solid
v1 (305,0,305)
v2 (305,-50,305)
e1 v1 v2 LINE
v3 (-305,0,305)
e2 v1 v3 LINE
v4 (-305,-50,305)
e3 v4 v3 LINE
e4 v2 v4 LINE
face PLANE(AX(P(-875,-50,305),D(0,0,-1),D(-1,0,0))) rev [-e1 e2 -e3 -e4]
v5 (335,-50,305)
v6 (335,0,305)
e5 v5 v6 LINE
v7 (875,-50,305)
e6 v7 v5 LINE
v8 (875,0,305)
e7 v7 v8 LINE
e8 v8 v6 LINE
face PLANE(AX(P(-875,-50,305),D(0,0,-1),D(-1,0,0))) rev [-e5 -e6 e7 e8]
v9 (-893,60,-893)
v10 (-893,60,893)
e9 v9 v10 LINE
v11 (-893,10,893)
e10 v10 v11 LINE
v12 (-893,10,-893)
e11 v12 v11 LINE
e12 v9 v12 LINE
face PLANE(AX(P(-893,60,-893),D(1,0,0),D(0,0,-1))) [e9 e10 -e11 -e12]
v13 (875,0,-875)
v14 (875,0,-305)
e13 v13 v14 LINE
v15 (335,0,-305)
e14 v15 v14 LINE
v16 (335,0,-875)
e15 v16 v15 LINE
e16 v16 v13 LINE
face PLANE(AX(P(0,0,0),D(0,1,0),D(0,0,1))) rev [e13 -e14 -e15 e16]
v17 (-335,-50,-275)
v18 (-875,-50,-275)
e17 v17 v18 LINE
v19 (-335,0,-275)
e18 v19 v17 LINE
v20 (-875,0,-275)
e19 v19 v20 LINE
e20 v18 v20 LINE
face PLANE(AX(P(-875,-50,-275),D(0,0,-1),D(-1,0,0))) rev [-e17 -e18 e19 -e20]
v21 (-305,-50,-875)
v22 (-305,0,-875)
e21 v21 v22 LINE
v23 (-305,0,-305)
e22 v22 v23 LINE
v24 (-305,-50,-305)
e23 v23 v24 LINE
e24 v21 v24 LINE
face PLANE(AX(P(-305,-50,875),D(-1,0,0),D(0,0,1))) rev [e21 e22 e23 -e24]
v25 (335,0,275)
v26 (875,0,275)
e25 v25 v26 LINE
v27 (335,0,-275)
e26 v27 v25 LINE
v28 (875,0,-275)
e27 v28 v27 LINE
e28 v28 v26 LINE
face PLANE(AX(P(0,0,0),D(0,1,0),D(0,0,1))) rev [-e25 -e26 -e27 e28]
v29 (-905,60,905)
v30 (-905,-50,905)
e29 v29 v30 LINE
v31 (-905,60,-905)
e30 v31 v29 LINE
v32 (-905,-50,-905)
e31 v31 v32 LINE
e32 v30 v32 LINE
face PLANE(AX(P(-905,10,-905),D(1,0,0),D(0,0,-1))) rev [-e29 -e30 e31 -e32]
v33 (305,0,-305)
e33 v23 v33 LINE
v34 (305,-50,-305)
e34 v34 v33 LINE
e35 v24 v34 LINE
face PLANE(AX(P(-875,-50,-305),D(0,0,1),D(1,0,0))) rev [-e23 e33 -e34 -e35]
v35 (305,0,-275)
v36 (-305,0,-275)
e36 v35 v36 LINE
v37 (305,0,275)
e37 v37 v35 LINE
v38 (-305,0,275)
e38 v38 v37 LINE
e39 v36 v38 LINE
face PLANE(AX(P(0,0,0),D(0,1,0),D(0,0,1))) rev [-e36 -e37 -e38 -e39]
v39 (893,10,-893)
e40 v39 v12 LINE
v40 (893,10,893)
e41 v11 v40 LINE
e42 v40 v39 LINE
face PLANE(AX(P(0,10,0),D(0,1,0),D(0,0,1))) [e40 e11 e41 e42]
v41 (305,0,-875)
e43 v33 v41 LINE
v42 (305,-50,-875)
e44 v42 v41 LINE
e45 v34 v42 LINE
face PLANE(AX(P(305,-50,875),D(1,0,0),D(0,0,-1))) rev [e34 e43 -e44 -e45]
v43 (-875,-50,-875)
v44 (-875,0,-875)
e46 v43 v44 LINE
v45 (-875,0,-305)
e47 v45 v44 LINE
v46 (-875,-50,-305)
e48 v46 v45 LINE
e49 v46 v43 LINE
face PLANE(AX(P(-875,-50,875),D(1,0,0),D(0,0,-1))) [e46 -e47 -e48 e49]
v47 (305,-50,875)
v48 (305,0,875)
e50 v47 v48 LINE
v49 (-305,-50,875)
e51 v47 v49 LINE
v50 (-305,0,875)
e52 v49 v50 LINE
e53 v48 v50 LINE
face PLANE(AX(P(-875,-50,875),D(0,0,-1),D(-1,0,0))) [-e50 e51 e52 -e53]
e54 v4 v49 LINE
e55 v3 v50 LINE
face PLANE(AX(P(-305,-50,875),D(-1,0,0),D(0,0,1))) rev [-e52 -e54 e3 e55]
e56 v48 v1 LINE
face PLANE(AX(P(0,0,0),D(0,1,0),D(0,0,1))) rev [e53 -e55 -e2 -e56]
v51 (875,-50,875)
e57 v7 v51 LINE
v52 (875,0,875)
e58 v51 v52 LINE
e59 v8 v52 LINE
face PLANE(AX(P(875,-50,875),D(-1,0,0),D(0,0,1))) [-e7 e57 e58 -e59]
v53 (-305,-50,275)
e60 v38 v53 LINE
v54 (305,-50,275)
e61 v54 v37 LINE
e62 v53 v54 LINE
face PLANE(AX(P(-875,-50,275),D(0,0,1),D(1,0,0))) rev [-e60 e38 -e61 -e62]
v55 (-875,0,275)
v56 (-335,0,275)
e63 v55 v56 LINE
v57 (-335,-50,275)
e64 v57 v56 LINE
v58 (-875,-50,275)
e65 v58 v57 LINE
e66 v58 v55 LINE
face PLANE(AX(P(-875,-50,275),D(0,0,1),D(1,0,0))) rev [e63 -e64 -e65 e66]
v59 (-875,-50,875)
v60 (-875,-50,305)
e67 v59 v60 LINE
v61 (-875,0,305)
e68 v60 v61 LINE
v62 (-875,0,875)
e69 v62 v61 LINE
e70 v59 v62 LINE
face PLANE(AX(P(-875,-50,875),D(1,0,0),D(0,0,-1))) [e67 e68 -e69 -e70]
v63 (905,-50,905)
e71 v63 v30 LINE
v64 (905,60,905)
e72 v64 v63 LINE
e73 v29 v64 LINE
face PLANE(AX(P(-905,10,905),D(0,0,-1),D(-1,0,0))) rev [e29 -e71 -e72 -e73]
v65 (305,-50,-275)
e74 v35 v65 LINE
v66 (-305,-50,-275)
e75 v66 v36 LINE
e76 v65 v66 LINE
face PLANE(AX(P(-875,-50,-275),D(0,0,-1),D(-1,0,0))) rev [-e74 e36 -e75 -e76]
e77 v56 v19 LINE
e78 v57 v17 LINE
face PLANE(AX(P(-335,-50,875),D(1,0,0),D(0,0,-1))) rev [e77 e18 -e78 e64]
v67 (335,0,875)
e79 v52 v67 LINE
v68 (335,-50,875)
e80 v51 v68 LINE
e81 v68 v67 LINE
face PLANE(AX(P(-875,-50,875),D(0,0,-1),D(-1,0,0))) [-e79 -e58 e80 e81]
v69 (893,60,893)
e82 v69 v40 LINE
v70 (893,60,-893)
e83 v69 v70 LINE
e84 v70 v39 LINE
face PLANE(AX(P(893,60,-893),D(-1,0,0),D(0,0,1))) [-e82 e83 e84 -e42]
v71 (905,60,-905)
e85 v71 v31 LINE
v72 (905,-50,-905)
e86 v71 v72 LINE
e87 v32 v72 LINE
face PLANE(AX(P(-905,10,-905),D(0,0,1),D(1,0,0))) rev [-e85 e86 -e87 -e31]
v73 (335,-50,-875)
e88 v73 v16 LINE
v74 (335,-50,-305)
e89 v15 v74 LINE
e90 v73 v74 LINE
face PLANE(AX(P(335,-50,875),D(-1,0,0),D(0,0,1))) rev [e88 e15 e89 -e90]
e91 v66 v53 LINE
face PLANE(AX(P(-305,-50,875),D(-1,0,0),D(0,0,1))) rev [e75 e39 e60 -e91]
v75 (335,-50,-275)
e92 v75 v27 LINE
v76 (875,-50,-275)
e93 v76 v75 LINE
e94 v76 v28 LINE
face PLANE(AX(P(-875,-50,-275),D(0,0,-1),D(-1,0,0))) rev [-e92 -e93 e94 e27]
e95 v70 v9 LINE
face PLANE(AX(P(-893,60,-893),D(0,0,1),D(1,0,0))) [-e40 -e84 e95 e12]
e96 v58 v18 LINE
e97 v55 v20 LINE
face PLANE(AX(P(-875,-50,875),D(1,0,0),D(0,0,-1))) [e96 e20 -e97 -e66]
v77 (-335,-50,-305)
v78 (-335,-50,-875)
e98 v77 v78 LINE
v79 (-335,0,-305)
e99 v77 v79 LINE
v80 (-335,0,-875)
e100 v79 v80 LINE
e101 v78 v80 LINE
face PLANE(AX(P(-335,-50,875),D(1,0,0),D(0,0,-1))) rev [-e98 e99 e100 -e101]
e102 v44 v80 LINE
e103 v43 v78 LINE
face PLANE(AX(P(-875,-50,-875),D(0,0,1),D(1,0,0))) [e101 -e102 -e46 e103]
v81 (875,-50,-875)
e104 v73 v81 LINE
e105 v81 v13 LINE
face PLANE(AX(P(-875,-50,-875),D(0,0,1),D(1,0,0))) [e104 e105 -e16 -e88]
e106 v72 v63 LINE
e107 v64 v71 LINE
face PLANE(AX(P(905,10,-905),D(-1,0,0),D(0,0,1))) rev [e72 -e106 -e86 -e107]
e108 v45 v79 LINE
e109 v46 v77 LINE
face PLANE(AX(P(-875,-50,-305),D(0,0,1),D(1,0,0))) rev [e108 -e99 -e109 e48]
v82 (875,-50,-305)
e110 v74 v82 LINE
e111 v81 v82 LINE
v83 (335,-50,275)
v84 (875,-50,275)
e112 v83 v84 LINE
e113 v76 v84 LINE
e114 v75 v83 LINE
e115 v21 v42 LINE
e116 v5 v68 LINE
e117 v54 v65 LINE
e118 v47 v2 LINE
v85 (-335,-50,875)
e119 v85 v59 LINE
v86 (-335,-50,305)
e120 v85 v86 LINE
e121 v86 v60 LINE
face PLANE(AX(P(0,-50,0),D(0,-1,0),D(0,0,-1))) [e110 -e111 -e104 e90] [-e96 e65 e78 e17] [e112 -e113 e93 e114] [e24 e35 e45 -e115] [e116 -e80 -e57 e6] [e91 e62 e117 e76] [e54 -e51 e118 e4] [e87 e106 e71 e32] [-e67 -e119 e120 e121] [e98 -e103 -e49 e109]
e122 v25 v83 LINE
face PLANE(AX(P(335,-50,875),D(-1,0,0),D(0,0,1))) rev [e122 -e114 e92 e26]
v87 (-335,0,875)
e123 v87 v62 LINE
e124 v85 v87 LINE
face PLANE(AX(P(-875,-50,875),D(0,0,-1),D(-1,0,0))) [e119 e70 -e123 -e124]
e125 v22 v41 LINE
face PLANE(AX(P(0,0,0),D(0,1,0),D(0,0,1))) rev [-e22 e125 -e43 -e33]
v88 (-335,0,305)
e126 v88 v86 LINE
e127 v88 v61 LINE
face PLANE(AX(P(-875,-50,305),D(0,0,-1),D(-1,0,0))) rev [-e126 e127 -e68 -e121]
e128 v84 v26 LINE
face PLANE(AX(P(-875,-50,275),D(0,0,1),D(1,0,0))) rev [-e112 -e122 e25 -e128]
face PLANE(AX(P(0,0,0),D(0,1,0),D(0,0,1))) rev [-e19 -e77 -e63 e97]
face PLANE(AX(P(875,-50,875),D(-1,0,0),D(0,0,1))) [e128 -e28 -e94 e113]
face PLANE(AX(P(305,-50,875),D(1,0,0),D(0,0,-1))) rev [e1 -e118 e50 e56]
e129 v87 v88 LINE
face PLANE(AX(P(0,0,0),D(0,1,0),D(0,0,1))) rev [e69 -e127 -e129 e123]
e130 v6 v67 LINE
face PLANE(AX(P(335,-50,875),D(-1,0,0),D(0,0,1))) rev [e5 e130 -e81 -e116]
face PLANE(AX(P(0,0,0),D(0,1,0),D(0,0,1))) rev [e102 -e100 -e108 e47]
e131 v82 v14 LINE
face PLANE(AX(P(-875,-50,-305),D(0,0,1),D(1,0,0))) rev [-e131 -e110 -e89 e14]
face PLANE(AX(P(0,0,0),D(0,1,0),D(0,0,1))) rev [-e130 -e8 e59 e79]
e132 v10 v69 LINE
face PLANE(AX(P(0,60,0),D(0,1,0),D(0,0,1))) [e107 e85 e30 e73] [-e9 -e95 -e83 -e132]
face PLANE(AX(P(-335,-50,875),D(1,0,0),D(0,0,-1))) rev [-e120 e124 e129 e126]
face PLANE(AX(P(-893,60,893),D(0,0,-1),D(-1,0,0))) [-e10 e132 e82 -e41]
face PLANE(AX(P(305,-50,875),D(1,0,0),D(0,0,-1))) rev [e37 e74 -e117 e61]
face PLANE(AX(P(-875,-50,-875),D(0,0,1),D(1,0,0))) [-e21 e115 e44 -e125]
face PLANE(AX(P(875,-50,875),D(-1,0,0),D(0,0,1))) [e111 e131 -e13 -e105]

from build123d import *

# Parameters (mm, degrees)
ESQUISSE1_W        = 1810
ESQUISSE1_H        = 1810
BOSS_EXTRU_1_DEPTH = 10
ESQUISSE2_W        = 1810
ESQUISSE2_H        = 1810
ESQUISSE2_W_2      = 1750
ESQUISSE2_H_2      = 1750
BOSS_EXTRU_2_DEPTH = 50
ESQUISSE3_W        = 1750
ESQUISSE3_H        = 30
BOSS_EXTRU_3_DEPTH = 50
ESQUISSE4_W        = 30
ESQUISSE4_H        = 1750
BOSS_EXTRU_4_DEPTH = 50
ESQUISSE5_W        = 1810
ESQUISSE5_H        = 1810
ESQUISSE5_W_2      = 1786
ESQUISSE5_H_2      = 1786
BOSS_EXTRU_5_DEPTH = 50


with BuildPart() as part:
    # Esquisse1 → Boss.-Extru.1 (new body)
    with BuildSketch(Plane(origin=(0, 0, 0), x_dir=(1, 0, 0), z_dir=(0, 1, 0))):
        Rectangle(ESQUISSE1_W, ESQUISSE1_H)
    extrude(amount=BOSS_EXTRU_1_DEPTH)

    # Esquisse2 → Boss.-Extru.2 (add)
    with BuildSketch(Plane(origin=(0, 0, 0), x_dir=(-1, 0, 0), z_dir=(0, -1, 0))):
        Rectangle(ESQUISSE2_W, ESQUISSE2_H)
        Rectangle(ESQUISSE2_W_2, ESQUISSE2_H_2, mode=Mode.SUBTRACT)
    extrude(amount=BOSS_EXTRU_2_DEPTH)

    # Esquisse3 → Boss.-Extru.3 (add)
    with BuildSketch(Plane(origin=(0, 0, 0), x_dir=(-1, 0, 0), z_dir=(0, -1, 0))):
        with Locations((0, -290)):
            Rectangle(ESQUISSE3_W, ESQUISSE3_H)
        with Locations((0, 290)):
            Rectangle(ESQUISSE3_W, ESQUISSE3_H)
    extrude(amount=BOSS_EXTRU_3_DEPTH)

    # Esquisse4 → Boss.-Extru.4 (add)
    with BuildSketch(Plane(origin=(0, 0, 0), x_dir=(-1, 0, 0), z_dir=(0, -1, 0))):
        with Locations((320, 0)):
            Rectangle(ESQUISSE4_W, ESQUISSE4_H)
        with Locations((-320, 0)):
            Rectangle(ESQUISSE4_W, ESQUISSE4_H)
    extrude(amount=BOSS_EXTRU_4_DEPTH)

    # Esquisse5 → Boss.-Extru.5 (add)
    with BuildSketch(Plane(origin=(0, 10, 0), x_dir=(1, 0, 0), z_dir=(0, 1, 0))):
        Rectangle(ESQUISSE5_W, ESQUISSE5_H)
        Rectangle(ESQUISSE5_W_2, ESQUISSE5_H_2, mode=Mode.SUBTRACT)
    extrude(amount=BOSS_EXTRU_5_DEPTH)


solid = part.part
